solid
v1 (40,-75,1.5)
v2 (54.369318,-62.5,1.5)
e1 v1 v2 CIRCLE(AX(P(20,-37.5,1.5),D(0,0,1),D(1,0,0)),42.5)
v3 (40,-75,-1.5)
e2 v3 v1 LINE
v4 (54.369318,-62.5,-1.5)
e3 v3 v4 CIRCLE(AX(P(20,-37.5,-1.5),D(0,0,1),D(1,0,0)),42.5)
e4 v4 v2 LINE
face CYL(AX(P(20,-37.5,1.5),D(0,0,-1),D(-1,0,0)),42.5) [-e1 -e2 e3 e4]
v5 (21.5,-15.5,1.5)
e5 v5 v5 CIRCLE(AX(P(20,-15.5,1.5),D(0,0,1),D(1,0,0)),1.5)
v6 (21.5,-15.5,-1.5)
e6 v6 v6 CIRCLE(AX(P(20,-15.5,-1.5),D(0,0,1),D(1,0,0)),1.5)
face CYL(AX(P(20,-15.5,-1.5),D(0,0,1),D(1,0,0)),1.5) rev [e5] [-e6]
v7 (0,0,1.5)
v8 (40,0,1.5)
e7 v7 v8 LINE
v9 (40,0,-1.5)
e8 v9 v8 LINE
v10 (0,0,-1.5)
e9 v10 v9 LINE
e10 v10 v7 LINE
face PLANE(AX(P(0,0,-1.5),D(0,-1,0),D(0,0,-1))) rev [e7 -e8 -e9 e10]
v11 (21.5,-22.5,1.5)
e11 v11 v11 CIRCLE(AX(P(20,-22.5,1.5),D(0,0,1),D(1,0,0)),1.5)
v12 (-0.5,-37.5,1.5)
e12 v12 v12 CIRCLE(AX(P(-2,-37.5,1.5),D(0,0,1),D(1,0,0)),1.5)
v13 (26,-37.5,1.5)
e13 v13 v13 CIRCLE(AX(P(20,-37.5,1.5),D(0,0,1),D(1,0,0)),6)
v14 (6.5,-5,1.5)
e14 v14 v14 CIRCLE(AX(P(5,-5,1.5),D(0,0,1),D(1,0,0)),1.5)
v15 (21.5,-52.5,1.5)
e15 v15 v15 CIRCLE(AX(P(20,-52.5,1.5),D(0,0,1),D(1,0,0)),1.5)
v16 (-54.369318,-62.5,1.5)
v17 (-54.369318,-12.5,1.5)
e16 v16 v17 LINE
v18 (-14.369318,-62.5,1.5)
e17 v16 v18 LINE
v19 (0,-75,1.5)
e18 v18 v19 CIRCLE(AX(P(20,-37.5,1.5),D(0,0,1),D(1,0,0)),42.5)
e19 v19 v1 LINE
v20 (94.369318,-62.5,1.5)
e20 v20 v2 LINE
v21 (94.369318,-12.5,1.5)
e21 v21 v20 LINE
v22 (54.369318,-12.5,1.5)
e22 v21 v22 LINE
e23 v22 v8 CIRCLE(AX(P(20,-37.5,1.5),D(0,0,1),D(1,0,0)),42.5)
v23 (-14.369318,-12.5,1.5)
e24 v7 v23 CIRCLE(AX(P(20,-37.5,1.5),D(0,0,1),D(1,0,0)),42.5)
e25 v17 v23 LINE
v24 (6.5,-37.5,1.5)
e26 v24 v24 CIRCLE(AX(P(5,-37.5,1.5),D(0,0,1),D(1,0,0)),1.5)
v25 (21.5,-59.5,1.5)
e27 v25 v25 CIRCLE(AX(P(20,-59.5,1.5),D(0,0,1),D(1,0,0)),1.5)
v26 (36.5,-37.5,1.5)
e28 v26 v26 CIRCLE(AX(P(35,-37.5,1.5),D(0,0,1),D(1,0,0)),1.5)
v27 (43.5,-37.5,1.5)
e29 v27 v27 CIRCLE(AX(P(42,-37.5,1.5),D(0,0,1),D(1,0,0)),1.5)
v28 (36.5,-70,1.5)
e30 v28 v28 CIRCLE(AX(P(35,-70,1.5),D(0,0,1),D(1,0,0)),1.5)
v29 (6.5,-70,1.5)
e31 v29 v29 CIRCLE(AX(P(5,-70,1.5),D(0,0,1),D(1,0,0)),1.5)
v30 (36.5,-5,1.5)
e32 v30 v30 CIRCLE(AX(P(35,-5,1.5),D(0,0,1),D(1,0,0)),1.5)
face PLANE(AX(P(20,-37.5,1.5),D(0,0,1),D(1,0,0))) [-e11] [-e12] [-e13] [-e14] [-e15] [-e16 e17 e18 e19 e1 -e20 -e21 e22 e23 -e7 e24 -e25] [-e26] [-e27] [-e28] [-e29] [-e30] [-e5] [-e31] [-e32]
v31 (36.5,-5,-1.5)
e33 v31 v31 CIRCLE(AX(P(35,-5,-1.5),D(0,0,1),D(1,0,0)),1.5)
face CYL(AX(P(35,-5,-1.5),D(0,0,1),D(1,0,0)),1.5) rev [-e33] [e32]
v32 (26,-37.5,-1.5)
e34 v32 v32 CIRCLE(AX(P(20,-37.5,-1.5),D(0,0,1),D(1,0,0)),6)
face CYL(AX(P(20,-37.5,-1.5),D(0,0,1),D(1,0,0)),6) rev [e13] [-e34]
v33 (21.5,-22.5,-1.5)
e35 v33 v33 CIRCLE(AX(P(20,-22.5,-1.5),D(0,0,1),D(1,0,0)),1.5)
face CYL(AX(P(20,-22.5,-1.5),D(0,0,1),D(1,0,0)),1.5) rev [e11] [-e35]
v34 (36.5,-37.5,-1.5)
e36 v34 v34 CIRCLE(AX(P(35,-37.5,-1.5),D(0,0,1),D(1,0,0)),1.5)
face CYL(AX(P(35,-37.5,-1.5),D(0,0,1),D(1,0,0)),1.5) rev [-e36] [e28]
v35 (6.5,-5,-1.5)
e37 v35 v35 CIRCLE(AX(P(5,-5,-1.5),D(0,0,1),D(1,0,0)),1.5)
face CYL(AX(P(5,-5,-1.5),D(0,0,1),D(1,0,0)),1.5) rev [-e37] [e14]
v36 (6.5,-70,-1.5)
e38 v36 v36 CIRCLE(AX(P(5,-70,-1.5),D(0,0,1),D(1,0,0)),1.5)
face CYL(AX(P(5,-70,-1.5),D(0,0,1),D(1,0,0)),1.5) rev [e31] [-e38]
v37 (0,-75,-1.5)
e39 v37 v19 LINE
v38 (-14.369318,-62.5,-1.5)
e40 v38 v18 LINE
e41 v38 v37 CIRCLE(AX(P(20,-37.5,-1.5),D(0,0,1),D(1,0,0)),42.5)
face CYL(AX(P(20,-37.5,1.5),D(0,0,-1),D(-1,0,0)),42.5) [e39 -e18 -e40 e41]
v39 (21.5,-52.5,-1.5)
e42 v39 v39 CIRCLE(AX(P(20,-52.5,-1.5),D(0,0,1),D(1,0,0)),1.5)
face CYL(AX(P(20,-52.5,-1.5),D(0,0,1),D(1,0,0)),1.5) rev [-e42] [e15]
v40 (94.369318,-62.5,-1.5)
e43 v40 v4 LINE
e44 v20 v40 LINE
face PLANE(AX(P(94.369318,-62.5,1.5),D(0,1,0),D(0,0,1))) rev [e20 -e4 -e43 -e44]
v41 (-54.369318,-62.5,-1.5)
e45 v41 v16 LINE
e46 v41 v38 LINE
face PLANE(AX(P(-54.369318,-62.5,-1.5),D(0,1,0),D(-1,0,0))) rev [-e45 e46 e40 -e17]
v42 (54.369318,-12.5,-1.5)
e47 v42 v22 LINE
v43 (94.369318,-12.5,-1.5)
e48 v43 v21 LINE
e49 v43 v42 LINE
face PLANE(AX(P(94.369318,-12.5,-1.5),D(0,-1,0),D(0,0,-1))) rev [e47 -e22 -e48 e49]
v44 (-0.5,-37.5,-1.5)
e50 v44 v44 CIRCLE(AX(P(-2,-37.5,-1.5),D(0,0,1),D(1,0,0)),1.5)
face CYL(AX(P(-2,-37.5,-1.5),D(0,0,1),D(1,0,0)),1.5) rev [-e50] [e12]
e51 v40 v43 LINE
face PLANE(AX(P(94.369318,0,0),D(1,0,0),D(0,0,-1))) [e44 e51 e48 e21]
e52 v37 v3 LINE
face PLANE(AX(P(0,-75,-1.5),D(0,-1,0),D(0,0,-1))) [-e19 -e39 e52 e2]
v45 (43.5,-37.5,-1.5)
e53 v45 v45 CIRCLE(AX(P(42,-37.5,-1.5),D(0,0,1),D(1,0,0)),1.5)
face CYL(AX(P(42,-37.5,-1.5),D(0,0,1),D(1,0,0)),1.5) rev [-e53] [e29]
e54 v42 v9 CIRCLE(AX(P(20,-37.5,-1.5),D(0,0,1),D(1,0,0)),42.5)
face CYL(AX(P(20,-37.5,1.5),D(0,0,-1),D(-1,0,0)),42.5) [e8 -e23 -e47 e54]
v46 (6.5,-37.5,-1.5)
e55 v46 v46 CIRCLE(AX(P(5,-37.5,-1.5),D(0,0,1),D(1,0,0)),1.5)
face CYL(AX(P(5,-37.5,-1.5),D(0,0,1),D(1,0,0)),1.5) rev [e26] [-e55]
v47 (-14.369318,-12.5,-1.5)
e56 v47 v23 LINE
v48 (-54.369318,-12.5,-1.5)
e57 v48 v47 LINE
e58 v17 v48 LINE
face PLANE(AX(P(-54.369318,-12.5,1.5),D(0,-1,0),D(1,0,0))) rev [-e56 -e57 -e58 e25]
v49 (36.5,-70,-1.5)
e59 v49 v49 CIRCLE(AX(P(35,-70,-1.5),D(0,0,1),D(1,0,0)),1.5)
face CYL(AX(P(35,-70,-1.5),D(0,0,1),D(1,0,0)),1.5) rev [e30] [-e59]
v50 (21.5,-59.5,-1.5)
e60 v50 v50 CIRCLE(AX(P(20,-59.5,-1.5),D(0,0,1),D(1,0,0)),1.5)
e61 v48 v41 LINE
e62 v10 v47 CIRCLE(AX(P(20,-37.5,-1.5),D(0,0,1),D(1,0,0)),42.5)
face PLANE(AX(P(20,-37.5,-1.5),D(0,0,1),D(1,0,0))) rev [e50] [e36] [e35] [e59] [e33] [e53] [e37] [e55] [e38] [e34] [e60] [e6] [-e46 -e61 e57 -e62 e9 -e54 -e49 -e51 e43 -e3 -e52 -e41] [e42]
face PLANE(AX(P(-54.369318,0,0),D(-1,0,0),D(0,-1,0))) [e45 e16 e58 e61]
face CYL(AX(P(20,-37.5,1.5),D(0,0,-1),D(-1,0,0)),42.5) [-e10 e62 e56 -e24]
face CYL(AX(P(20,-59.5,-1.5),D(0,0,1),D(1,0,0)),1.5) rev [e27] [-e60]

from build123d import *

# Parameters (mm, degrees)
SKETCH_1_R           = 42.5
EXTRUDE_7_DEPTH      = 1.5
CUT_EXTRUDE_24_DEPTH = 1.5
CUT_EXTRUDE_25_DEPTH = 1.5
SKETCH_1_14_R        = 1.5
CUT_EXTRUDE_26_DEPTH = 1.5
SKETCH_1_15_R        = 1.5
CUT_EXTRUDE_27_DEPTH = 1.5
SKETCH_1_16_R        = 1.5
CUT_EXTRUDE_28_DEPTH = 1.5
SKETCH_1_17_R        = 1.5
CUT_EXTRUDE_29_DEPTH = 1.5
SKETCH_10_R          = 1.5
CUT_EXTRUDE_31_DEPTH = 98.67420335
SKETCH_11_R          = 6
CUT_EXTRUDE_32_DEPTH = 98.67420335
CUT_EXTRUDE_35_DEPTH = 5
SKETCH_41_W          = 3
SKETCH_41_H          = 50
EXTRUDE_14_DEPTH     = 40
SKETCH_42_W          = 3
SKETCH_42_H          = 50
EXTRUDE_15_DEPTH     = 40


with BuildPart() as part:
    # 草图1 → 凸台-拉伸7 (new, symmetric)
    with BuildSketch(Plane.XY):
        with Locations((20, -37.5)):
            Circle(SKETCH_1_R)
    extrude(amount=EXTRUDE_7_DEPTH, both=True)

    # 草图1<12> → 切除-拉伸24 (cut, symmetric)
    with BuildSketch(Plane.XY):
        with BuildLine():
            ThreePointArc((40, 0), (20, 5), (0, 0))
            Line((0, 0), (40, 0))
        make_face()
    extrude(amount=CUT_EXTRUDE_24_DEPTH, both=True, mode=Mode.SUBTRACT)

    # 草图1<13> → 切除-拉伸25 (cut, symmetric)
    with BuildSketch(Plane.XY):
        with BuildLine():
            Line((40, -75), (0, -75))
            ThreePointArc((0, -75), (20, -80), (40, -75))
        make_face()
    extrude(amount=CUT_EXTRUDE_25_DEPTH, both=True, mode=Mode.SUBTRACT)

    # 草图1<14> → 切除-拉伸26 (cut, symmetric)
    with BuildSketch(Plane.XY):
        with Locations((5, -5)):
            Circle(SKETCH_1_14_R)
    extrude(amount=CUT_EXTRUDE_26_DEPTH, both=True, mode=Mode.SUBTRACT)

    # 草图1<15> → 切除-拉伸27 (cut, symmetric)
    with BuildSketch(Plane.XY):
        with Locations((35, -5)):
            Circle(SKETCH_1_15_R)
    extrude(amount=CUT_EXTRUDE_27_DEPTH, both=True, mode=Mode.SUBTRACT)

    # 草图1<16> → 切除-拉伸28 (cut, symmetric)
    with BuildSketch(Plane.XY):
        with Locations((5, -70)):
            Circle(SKETCH_1_16_R)
    extrude(amount=CUT_EXTRUDE_28_DEPTH, both=True, mode=Mode.SUBTRACT)

    # 草图1<17> → 切除-拉伸29 (cut, symmetric)
    with BuildSketch(Plane.XY):
        with Locations((35, -70)):
            Circle(SKETCH_1_17_R)
    extrude(amount=CUT_EXTRUDE_29_DEPTH, both=True, mode=Mode.SUBTRACT)

    # 草图10 → 切除-拉伸31 (cut, through all)
    with BuildSketch(Plane.XY.offset(1.5)):
        with Locations((20, -15.5)):
            Circle(SKETCH_10_R)
        with Locations((-2, -37.5)):
            Circle(SKETCH_10_R)
        with Locations((42, -37.5)):
            Circle(SKETCH_10_R)
        with Locations((20, -59.5)):
            Circle(SKETCH_10_R)
        with Locations((20, -22.5)):
            Circle(SKETCH_10_R)
        with Locations((5, -37.5)):
            Circle(SKETCH_10_R)
        with Locations((20, -52.5)):
            Circle(SKETCH_10_R)
        with Locations((35, -37.5)):
            Circle(SKETCH_10_R)
    extrude(amount=-CUT_EXTRUDE_31_DEPTH, mode=Mode.SUBTRACT)

    # 草图11 → 切除-拉伸32 (cut, through all)
    with BuildSketch(Plane.XY.offset(1.5)):
        with Locations((20, -37.5)):
            Circle(SKETCH_11_R)
    extrude(amount=-CUT_EXTRUDE_32_DEPTH, mode=Mode.SUBTRACT)

    # 草图19 → 切除-拉伸35 (cut, symmetric)
    with BuildSketch(Plane.XY.offset(1.5)):
        with BuildLine():
            Line((-14.369317712, -62.5), (-14.369317712, -12.5))
            ThreePointArc((-14.369317712, -12.5), (-22.5, -37.5), (-14.369317712, -62.5))
        make_face()
        with BuildLine():
            ThreePointArc((54.369317712, -62.5), (62.5, -37.5), (54.369317712, -12.5))
            Line((54.369317712, -12.5), (54.369317712, -62.5))
        make_face()
    extrude(amount=CUT_EXTRUDE_35_DEPTH, both=True, mode=Mode.SUBTRACT)

    # 草图41 → 凸台-拉伸14 (add)
    with BuildSketch(Plane(origin=(54.369317712, 0, 0), x_dir=(0, 0, -1), z_dir=(1, 0, 0))):
        with Locations((0, -37.5)):
            Rectangle(SKETCH_41_W, SKETCH_41_H)
    extrude(amount=EXTRUDE_14_DEPTH)

    # 草图42 → 凸台-拉伸15 (add)
    with BuildSketch(Plane.ZY.offset(14.369317712)):
        with Locations((0, -37.5)):
            Rectangle(SKETCH_42_W, SKETCH_42_H)
    extrude(amount=EXTRUDE_15_DEPTH)


solid = part.part
